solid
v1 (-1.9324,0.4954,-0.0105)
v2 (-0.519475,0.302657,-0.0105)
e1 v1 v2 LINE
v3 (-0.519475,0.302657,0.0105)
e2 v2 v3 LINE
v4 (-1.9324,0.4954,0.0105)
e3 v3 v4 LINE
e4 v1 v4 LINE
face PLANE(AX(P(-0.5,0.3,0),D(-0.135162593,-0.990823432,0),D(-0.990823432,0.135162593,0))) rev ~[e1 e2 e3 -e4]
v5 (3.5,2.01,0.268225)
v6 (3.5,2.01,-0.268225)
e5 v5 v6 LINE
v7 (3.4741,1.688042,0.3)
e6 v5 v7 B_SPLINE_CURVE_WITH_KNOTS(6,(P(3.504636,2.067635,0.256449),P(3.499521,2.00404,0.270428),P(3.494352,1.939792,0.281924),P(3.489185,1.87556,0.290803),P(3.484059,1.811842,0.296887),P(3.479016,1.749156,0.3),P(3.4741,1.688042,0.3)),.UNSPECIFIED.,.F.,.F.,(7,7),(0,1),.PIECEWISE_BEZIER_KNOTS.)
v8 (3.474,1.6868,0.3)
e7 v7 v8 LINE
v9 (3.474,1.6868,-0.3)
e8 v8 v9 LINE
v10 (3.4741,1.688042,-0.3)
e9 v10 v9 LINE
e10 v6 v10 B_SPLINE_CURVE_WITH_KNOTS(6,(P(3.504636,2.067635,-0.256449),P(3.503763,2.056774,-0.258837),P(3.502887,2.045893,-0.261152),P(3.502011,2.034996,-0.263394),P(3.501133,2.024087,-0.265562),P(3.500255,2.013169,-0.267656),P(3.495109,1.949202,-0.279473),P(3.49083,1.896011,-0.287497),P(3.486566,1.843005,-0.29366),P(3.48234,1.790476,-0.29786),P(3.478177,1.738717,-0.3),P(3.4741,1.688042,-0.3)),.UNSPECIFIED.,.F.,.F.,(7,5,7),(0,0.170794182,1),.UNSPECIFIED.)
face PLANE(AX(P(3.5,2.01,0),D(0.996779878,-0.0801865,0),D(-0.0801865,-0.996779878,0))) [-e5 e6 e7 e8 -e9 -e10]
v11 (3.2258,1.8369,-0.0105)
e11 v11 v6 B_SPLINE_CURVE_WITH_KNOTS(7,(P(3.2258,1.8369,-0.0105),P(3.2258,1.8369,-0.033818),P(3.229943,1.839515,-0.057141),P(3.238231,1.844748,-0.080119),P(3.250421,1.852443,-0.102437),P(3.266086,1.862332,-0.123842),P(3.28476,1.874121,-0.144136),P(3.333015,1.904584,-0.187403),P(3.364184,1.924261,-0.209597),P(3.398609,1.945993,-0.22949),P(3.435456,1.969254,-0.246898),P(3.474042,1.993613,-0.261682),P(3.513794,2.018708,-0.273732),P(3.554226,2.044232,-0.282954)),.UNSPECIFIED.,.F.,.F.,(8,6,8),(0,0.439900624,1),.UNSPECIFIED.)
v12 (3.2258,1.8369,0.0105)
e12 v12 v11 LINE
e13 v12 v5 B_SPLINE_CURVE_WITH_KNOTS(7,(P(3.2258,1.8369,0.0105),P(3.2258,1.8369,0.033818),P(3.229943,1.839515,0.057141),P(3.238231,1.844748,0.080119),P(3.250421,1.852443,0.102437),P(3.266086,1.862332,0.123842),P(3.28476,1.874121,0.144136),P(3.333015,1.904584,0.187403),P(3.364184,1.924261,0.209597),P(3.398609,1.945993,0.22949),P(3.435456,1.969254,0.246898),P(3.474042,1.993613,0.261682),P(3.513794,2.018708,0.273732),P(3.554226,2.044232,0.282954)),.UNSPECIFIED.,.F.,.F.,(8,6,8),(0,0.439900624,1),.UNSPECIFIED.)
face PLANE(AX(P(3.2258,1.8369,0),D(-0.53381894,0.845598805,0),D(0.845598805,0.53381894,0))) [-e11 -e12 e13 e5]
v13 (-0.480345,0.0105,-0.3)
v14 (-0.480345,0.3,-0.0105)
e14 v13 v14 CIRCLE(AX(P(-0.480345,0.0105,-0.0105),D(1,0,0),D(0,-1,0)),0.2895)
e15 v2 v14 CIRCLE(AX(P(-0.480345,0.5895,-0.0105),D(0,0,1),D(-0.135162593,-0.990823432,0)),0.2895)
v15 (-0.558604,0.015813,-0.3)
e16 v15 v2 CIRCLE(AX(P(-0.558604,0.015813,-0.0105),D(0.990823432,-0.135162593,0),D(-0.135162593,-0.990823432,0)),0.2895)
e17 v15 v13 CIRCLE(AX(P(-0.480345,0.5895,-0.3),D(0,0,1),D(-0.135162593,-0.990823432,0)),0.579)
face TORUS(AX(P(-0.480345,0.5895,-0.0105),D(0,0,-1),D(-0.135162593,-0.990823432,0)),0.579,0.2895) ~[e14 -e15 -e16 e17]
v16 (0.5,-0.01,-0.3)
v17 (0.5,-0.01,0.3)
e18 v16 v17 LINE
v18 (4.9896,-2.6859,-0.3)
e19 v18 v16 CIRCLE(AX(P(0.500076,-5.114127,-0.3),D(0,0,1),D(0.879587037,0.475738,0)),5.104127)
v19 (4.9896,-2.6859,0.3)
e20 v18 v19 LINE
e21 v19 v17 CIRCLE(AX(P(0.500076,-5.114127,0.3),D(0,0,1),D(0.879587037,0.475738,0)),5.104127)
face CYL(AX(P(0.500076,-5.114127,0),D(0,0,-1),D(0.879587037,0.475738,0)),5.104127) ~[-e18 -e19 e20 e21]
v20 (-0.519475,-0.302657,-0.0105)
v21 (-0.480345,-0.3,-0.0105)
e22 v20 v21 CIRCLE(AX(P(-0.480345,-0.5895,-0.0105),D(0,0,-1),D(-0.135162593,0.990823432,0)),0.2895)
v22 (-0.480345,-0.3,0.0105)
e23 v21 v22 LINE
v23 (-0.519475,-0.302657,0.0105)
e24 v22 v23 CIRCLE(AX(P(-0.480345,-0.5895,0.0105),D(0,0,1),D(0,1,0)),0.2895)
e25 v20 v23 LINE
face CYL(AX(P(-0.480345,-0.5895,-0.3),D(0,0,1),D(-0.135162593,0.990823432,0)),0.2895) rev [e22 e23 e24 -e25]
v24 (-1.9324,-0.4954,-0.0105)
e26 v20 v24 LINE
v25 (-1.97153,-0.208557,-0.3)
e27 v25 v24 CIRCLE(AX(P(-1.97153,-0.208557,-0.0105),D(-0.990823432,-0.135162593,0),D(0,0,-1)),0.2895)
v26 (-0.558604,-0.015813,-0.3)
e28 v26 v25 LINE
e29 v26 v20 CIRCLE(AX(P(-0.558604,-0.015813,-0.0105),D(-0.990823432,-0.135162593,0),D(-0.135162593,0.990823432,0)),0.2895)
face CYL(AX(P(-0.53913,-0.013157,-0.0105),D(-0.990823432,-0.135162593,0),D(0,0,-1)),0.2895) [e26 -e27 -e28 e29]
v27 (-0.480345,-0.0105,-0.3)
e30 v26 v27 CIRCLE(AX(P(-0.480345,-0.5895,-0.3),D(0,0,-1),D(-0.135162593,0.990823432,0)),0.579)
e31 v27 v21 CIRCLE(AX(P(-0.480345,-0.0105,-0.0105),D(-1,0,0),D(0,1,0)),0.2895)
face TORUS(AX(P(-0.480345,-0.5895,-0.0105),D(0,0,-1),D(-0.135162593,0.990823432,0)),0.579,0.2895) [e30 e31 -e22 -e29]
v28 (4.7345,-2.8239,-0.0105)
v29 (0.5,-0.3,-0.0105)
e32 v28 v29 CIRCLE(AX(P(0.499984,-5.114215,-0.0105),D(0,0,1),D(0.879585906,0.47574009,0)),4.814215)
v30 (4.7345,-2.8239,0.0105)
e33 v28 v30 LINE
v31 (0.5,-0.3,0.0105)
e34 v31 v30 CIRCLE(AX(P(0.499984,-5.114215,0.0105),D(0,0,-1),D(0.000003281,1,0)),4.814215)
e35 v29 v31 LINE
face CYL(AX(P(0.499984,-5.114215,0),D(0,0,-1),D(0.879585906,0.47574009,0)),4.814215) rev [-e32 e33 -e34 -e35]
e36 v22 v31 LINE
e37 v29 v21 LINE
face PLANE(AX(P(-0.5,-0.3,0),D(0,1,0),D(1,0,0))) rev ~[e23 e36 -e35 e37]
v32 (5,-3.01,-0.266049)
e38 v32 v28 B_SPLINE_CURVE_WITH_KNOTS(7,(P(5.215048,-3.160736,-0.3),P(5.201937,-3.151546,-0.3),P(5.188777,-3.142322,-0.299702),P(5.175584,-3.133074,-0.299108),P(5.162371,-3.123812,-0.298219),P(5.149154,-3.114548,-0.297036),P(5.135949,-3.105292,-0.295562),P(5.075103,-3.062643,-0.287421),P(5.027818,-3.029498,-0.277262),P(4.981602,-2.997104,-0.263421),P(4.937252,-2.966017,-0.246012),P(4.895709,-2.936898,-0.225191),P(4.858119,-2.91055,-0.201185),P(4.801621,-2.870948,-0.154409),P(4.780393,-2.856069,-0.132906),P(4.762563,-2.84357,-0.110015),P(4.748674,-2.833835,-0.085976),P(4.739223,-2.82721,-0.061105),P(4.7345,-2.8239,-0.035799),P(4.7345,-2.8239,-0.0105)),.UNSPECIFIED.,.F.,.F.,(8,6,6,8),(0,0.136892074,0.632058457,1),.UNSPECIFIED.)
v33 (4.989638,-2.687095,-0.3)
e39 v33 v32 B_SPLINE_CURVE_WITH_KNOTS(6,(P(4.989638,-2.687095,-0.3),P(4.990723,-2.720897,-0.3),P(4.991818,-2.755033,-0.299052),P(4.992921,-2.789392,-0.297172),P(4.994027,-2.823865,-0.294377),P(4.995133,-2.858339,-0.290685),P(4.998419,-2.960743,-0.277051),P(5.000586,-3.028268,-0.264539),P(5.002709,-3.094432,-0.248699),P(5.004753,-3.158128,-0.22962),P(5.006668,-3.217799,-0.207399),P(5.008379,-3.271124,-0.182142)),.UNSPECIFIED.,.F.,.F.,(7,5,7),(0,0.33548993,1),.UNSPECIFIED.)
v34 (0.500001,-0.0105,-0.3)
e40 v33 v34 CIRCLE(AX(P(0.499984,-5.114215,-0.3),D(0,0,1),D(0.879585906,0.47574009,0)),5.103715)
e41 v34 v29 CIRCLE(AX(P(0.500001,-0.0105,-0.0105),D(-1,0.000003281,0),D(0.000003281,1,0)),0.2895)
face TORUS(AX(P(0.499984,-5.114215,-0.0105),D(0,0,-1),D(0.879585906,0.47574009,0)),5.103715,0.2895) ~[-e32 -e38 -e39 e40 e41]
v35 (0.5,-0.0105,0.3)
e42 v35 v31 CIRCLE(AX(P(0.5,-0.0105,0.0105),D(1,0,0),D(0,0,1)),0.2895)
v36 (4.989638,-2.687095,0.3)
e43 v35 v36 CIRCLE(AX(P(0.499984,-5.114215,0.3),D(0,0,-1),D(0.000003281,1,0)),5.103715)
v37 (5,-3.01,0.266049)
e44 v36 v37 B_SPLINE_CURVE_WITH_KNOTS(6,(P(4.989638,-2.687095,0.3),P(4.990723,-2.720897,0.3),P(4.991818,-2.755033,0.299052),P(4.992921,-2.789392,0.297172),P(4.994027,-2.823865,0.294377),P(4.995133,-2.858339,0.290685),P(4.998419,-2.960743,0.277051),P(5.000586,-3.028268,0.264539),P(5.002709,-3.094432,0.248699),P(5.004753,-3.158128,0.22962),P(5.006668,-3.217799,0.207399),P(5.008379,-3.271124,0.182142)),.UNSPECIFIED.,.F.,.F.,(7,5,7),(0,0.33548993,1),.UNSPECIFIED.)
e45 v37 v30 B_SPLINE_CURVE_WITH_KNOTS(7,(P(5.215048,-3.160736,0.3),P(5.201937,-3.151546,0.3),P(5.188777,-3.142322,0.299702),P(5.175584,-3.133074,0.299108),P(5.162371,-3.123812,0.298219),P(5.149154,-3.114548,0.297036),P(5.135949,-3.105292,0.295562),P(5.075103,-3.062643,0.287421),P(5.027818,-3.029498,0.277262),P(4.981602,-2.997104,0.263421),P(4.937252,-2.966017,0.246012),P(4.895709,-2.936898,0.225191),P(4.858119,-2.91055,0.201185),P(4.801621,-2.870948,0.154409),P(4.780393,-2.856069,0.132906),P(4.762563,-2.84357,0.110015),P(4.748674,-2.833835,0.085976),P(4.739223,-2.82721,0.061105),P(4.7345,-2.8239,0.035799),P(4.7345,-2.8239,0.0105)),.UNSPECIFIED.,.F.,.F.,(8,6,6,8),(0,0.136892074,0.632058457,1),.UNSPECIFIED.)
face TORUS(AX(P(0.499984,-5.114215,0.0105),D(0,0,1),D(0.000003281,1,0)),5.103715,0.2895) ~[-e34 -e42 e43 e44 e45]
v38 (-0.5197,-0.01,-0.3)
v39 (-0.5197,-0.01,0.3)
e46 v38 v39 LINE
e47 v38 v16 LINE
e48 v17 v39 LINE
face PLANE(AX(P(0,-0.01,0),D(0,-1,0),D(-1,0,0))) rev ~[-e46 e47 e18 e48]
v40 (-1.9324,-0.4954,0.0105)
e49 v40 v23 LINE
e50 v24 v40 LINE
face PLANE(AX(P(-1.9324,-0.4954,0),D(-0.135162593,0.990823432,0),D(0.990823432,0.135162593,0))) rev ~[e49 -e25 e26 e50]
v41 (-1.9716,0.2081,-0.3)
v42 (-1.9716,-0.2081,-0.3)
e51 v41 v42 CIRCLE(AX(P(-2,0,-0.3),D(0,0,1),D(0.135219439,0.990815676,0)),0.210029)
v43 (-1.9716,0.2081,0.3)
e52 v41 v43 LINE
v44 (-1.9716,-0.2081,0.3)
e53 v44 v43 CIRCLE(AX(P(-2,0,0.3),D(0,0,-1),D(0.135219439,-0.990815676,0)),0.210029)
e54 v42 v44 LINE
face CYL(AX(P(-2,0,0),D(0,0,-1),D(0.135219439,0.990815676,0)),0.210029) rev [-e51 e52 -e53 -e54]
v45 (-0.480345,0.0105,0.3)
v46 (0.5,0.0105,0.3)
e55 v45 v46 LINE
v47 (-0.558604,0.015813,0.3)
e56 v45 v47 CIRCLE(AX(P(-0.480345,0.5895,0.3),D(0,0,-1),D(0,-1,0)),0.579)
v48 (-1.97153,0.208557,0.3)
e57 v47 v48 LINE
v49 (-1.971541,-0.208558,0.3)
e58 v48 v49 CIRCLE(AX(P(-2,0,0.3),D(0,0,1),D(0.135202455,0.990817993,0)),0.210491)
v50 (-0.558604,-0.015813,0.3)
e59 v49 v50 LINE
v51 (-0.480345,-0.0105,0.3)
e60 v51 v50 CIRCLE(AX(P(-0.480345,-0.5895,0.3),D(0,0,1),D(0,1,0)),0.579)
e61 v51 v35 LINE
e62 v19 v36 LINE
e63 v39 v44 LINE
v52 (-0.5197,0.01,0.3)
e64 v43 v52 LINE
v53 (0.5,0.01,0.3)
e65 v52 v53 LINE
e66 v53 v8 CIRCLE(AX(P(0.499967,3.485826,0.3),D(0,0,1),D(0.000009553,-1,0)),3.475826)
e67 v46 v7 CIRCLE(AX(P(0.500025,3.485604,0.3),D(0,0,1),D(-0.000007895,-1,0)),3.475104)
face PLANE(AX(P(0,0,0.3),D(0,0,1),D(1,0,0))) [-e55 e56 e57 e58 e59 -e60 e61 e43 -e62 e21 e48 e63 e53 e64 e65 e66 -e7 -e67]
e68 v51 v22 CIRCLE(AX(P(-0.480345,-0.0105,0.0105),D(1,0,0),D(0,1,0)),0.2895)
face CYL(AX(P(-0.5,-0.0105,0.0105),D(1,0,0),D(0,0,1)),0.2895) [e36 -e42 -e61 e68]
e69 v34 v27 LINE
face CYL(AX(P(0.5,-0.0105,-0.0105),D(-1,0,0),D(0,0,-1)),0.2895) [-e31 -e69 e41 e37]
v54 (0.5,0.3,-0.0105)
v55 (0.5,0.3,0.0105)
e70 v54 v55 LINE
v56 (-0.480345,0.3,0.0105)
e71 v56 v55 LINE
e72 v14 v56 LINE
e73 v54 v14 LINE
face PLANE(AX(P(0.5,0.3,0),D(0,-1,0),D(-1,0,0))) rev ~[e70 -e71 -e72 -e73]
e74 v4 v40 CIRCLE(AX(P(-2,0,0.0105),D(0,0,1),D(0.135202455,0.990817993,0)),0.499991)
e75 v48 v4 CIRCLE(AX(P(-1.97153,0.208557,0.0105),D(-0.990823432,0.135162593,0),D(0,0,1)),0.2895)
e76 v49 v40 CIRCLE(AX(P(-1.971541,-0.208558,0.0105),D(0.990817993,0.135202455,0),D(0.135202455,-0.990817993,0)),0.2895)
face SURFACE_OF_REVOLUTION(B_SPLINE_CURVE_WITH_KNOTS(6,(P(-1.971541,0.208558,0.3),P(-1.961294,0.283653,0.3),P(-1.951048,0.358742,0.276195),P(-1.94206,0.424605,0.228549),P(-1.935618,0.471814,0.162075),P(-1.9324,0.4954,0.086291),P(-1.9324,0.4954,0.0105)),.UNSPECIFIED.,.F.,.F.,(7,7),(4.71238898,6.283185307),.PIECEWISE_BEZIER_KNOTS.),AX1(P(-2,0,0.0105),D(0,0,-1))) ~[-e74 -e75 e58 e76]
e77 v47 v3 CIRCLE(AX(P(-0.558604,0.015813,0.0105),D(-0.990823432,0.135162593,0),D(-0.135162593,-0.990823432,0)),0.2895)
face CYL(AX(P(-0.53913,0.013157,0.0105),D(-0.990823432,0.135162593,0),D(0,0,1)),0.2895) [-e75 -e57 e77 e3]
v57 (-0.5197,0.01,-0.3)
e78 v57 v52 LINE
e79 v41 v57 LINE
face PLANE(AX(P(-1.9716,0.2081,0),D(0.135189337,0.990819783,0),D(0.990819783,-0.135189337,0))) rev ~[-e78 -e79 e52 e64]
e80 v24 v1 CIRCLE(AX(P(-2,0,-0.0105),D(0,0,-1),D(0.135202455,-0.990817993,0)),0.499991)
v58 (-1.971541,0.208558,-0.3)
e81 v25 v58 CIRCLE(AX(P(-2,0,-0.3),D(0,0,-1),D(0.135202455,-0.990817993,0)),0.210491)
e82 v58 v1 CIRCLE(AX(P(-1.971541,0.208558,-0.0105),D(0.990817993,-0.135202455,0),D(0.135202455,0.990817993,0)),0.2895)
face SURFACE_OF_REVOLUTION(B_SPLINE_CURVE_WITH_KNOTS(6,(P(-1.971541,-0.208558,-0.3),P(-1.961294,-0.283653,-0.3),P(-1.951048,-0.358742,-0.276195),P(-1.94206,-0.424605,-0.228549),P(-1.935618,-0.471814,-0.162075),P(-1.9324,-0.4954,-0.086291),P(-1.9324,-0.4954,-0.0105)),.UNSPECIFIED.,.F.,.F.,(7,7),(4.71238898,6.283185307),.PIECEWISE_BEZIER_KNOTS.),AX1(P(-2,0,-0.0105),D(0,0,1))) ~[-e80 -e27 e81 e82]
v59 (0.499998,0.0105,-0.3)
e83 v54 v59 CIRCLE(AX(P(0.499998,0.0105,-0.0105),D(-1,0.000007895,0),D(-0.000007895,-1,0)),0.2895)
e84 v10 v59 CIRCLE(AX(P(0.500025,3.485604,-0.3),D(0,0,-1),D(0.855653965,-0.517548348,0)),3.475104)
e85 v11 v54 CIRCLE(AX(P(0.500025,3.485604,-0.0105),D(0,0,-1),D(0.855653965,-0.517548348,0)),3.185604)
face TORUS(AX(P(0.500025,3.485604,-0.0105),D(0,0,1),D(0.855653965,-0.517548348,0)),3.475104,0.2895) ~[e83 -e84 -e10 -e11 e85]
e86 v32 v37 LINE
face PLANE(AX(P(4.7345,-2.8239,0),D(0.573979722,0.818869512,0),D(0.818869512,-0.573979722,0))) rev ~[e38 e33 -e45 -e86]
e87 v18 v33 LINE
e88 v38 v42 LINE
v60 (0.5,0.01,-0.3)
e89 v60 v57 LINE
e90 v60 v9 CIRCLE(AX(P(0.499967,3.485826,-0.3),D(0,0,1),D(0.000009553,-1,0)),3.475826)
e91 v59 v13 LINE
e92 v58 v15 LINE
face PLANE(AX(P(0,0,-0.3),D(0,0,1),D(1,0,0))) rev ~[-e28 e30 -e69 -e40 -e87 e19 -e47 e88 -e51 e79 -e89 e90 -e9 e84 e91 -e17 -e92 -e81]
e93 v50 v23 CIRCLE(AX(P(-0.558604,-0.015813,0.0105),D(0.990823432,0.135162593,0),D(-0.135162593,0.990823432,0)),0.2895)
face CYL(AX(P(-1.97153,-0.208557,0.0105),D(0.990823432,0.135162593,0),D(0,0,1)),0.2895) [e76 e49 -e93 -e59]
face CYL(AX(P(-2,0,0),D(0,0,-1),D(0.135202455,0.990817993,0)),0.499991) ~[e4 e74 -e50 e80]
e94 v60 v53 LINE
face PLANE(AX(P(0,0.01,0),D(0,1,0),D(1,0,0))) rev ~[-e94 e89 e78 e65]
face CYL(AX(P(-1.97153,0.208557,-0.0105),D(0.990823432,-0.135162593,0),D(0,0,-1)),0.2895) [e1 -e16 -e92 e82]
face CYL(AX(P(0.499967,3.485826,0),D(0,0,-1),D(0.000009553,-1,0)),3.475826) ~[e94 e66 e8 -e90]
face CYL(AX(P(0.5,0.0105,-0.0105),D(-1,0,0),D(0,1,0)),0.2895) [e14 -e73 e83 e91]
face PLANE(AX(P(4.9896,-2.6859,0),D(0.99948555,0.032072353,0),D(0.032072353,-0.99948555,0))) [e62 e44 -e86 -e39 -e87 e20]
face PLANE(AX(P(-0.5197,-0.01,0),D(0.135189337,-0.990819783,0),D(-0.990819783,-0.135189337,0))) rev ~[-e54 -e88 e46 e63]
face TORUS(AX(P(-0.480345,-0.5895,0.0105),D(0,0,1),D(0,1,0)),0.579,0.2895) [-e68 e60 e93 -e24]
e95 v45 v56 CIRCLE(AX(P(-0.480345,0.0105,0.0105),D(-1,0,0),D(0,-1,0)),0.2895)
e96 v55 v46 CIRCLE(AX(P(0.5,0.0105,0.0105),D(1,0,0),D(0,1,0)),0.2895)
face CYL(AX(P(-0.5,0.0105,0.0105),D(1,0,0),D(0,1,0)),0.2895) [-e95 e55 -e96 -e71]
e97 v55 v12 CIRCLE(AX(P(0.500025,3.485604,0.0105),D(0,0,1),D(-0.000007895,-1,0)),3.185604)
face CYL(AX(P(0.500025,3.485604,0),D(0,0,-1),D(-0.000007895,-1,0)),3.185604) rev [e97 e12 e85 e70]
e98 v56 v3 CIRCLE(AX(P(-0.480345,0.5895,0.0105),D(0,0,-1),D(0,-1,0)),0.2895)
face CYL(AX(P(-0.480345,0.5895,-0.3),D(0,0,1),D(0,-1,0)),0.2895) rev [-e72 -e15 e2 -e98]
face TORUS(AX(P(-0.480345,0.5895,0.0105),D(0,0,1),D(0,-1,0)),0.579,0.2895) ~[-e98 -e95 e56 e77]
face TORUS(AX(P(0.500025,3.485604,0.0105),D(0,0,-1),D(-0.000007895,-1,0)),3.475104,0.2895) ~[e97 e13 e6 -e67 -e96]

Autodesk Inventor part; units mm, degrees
sketch "Skizze1" plane through (0, 0, 0) normal (0, 0, 1) x (1, 0, 0)
  line L0 (0.5, 0.3) -> (-0.5, 0.3)
  line L1 (-0.5, 0.3) -> (-1.9324, 0.4954)
  arc A0 (-1.9324, 0.4954) -> (-1.9324, -0.4954) centre (-2, 0) ccw
  line L2 (-1.9324, -0.4954) -> (-0.5, -0.3)
  line L3 (-0.5, -0.3) -> (0.5, -0.3)
  line L4 (0.5, -0.01) -> (-0.5197, -0.01)
  line L5 (-0.5197, -0.01) -> (-1.9716, -0.2081)
  arc A1 (-1.9716, 0.2081) -> (-1.9716, -0.2081) centre (-2, 0) ccw
  line L6 (-1.9716, 0.2081) -> (-0.5197, 0.01)
  line L7 (-0.5197, 0.01) -> (0.5, 0.01)
  arc A2 (0.5, 0.3) -> (3.2258, 1.8369) centre (0.5, 3.4857) ccw
  arc A3 (0.5, 0.01) -> (3.474, 1.6868) centre (0.5, 3.4857) ccw
  arc A4 (4.9896, -2.6859) -> (0.5, -0.01) centre (0.5, -5.1142) ccw
  arc A5 (4.7345, -2.8239) -> (0.5, -0.3) centre (0.5, -5.1142) ccw
  line L8 (3.2258, 1.8369) -> (3.5, 2.01)
  line L9 (3.5, 2.01) -> (3.474, 1.6868)
  line L10 (4.9896, -2.6859) -> (5, -3.01)
  line L11 (4.7345, -2.8239) -> (5, -3.01)
  line L12 (-49.8, 0) -> (53.8, 0) projected
  line L13 (0.5, 0.3) -> (0.5, 0.01) construction
  line L14 (0.5, -0.01) -> (0.5, -0.3) construction
  line L15 (-2.5, 0) -> (-2.5, 40.1561) construction
  line L16 (-1.9324, 0.4954) -> (-1.9716, 0.2081) construction
  line L17 (3.2258, 1.8369) -> (3.474, 1.6868) construction
  line L18 (3.3499, 1.7619) -> (3.5, 2.01) construction
  line L19 (4.9896, -2.6859) -> (4.7345, -2.8239) construction
  line L20 (4.862, -2.7549) -> (5, -3.01) construction
  line L21 (0, 30.8096) -> (0, -39.7395) projected
  line L22 (-0.5, -0.3) -> (0.5, 0.3) construction
  point P0 (0, 0)
  dimension "d1" = 3
  dimension "d2" = 2
  dimension "d10" = 1
  dimension "d11" = 0.6
  dimension "d12" = 0.29
  dimension "d13" = 2
  dimension "d15" = 1
  dimension "d16" = 3
  dimension "d17" = 4.5
  dimension "d26" = 0.29
extrude "Extrusion1" add sketch "Skizze1" along normal mid plane 0.6 contours A2 L8 L9 A3 L7 L21 L0 | L21 L7 L6 A1 L12 A0 L1 L0 | L12 A1 L5 L4 L21 L3 L2 A0 | L4 A4 L10 L11 A5 L3 L21
fillet "Rundung1" radius 0.29 16 edges at (0, 0.3, 0.3) (2.0646, 0.7107, 0.3) (0, -0.3, 0.3) (2.9648, -0.9788, 0.3) (-1.2162, -0.3977, 0.3) (-2.5, 0, 0.3) (-1.2162, 0.3977, 0.3) (-2.5, 0, -0.3) (-1.2162, -0.3977, -0.3) (-1.2162, 0.3977, -0.3) (0, 0.3, -0.3) (2.0646, 0.7107, -0.3) (0, -0.3, -0.3) (2.9648, -0.9788, -0.3) (-0.5, 0.3, 0) (-0.5, -0.3, 0)
ref_plane "MSC_PF1" through (0, 0, 0) normal (1, 0, 0) x (0, 1, 0)
ref_plane "MSC_PT1" through (0.8574, -0.01, -0.3) normal (0, 0, -1) x (-1, 0, 0)
ref_plane "IDS_WORKPLANE{1}" through (-0.4803, -0.3, 0.01) normal (1, 0, 0) x (0, 1, 0)
equation "\"d1\" = v"
equation "\"d2\" = 0.666667 * d1"
equation "\"d10\" = ParC"
equation "\"d11\" = Diam"
equation "\"d13\" = b"
equation "\"d15\" = prf_lf"
equation "\"d16\" = 1.5 * d2"
equation "\"d17\" = 1.5 * d1"
equation "\"d26\" = d12"
equation "\"d18\" = Diam"
equation "\"d20\" = d12"
equation "\"msp_BendRadius\" = msp_Thickness"
equation "\"msp_BendReliefWidth\" = msp_Thickness"
equation "\"msp_BendReliefDepth\" = 0.5 * msp_Thickness"
equation "\"msp_CornerReliefSize\" = 4 * msp_Thickness"
equation "\"msp_MinimumRemnant\" = 2 * msp_Thickness"
equation "\"msp_TransitionRadius\" = msp_BendRadius"
equation "\"b\" = 2"
equation "\"ParC\" = 1"
equation "\"Diam\" = 0.6"
equation "\"v\" = 3"
equation "\"prf_lf\" = 1"
equation "\"JacobiRadiusSize\" = msp_Thickness"
equation "\"GapSize\" = msp_Thickness"
equation "\"msp_Thickness\" = 0.5"
properties part number "DIN EN ISO 1234 - 0,6x4" material "Stahl"
